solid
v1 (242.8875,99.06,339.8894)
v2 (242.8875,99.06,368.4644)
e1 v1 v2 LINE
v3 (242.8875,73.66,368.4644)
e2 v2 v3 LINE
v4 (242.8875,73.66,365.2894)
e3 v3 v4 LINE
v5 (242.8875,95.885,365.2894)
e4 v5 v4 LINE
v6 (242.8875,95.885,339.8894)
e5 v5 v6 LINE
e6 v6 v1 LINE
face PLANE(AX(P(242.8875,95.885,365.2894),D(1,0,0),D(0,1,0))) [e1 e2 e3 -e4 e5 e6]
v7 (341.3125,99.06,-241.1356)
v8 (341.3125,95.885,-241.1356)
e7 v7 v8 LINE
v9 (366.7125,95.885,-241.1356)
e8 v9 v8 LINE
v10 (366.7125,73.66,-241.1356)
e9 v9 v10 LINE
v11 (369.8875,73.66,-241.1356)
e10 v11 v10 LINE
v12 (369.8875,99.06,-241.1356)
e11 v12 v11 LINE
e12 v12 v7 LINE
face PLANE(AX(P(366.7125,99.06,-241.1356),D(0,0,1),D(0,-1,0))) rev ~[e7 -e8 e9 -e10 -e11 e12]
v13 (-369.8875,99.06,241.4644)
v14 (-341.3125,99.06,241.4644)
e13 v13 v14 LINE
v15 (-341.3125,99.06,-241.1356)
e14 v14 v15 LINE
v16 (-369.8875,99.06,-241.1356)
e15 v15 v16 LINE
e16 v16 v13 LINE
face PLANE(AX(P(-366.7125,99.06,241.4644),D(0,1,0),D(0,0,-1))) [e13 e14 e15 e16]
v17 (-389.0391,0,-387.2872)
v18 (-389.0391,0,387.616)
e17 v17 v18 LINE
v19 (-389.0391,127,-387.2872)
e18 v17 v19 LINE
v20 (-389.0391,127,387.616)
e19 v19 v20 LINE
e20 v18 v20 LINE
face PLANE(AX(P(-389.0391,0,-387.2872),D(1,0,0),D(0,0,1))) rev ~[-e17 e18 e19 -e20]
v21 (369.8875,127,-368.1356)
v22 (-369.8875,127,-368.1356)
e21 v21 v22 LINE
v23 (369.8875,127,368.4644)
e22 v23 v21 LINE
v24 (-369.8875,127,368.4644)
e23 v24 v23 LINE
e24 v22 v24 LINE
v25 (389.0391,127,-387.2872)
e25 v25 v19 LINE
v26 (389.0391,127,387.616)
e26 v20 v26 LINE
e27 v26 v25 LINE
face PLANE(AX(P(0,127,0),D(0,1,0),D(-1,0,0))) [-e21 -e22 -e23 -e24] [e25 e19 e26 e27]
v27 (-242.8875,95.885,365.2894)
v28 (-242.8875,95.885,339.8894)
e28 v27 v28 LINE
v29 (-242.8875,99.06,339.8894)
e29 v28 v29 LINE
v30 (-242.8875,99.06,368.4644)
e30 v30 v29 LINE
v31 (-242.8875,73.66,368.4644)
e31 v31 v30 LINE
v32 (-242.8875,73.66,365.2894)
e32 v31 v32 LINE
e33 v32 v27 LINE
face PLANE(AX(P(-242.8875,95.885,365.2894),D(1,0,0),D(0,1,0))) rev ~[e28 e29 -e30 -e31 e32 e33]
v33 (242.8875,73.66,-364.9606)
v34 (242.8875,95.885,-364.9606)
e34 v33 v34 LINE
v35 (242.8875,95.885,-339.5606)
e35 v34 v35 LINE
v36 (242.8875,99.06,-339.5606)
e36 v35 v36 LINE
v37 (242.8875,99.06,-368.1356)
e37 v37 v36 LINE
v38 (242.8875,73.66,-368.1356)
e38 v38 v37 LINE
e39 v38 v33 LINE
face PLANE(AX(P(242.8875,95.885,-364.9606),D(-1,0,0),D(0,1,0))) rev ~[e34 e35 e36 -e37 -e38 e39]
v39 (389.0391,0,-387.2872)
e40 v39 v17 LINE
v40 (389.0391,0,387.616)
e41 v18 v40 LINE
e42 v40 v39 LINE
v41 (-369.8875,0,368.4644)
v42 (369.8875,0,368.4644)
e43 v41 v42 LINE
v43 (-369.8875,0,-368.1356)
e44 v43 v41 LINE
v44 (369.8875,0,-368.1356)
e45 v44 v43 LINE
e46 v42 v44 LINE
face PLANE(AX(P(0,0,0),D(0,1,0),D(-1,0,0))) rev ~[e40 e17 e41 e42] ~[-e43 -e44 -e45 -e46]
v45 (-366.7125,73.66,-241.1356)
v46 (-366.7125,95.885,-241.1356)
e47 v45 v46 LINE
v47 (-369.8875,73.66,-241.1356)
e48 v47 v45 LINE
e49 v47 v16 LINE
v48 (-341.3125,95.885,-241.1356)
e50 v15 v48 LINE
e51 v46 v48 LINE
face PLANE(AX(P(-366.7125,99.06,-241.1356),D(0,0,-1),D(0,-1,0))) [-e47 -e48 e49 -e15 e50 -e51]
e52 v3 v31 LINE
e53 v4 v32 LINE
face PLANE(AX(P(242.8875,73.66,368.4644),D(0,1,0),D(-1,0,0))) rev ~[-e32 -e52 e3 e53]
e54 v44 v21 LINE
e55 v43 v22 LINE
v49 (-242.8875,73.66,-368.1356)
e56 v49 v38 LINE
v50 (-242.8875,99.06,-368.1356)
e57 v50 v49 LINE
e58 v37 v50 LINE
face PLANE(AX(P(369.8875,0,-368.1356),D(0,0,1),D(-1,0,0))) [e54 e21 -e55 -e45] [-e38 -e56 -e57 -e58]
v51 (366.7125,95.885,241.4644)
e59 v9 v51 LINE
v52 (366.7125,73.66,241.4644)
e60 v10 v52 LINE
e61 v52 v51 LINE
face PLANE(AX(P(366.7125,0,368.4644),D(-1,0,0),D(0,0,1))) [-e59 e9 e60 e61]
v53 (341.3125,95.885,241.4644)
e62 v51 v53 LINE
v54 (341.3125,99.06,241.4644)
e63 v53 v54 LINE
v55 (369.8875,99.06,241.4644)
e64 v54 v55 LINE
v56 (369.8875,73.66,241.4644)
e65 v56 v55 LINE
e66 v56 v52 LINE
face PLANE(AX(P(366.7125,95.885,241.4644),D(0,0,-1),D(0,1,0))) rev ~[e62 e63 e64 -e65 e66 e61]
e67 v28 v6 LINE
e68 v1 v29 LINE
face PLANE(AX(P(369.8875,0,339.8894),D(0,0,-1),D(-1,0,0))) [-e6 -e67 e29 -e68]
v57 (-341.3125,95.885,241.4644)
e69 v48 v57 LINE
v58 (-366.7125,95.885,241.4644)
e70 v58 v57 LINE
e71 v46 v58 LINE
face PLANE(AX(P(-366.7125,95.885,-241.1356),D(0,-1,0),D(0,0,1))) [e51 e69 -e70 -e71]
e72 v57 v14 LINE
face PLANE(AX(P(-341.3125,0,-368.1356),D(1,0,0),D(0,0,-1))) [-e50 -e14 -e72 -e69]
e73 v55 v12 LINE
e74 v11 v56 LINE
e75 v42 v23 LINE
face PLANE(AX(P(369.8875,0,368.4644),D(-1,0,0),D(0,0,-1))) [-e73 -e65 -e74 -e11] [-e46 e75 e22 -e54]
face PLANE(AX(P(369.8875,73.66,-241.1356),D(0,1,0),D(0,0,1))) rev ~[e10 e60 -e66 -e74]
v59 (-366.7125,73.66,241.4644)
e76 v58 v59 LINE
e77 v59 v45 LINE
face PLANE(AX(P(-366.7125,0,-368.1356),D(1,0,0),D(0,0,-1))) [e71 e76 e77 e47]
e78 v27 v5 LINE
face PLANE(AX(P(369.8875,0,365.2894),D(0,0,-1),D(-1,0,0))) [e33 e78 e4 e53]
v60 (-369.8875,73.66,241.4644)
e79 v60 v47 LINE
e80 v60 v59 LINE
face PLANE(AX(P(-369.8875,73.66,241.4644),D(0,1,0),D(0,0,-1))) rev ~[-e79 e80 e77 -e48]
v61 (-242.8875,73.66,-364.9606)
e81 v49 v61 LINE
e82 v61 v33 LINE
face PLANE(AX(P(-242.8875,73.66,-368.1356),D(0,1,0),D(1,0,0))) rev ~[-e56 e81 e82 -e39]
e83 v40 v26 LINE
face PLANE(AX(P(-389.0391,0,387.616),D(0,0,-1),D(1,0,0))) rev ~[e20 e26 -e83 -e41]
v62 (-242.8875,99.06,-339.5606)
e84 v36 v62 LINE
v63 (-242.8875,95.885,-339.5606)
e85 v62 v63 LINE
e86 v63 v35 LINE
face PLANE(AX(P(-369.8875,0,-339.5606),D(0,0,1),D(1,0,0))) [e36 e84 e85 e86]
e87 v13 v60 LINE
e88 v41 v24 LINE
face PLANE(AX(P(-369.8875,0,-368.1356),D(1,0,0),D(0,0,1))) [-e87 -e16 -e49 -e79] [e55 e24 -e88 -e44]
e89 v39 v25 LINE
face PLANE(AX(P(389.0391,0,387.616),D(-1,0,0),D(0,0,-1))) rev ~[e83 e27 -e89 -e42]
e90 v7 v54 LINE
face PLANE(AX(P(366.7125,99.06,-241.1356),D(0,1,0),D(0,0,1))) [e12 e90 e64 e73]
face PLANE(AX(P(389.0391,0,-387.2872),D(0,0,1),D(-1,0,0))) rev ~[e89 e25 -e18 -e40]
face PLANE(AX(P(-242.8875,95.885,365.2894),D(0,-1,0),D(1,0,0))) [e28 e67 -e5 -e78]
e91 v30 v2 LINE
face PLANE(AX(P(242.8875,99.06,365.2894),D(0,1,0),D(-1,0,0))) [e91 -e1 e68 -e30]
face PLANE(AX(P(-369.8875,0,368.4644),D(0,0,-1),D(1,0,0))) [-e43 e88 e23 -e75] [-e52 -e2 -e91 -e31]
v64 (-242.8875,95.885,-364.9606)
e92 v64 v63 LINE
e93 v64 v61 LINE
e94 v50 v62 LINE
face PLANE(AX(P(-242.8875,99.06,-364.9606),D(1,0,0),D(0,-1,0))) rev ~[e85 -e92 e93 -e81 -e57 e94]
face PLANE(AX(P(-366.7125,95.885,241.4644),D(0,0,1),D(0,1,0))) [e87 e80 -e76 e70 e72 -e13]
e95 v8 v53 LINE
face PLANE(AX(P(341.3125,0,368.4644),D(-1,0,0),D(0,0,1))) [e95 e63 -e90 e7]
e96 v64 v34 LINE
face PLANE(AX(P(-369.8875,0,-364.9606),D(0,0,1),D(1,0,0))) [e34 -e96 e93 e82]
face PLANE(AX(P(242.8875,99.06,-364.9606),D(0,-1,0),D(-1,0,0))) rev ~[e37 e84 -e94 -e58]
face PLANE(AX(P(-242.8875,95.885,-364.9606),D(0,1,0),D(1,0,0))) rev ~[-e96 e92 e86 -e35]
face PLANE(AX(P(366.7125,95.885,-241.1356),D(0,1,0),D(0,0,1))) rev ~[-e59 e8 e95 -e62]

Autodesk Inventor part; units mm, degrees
ref_plane "YZ Plane" through (0, 0, 0) normal (1, 0, 0) x (0, 1, 0)
ref_plane "XZ Plane" through (0, 0, 0) normal (0, 1, 0) x (-1, 0, 0)
ref_plane "XY Plane" through (0, 0, 0) normal (0, 0, 1) x (1, 0, 0)
sketch "Sketch15" plane through (0, 0, 0) normal (0, 1, 0) x (-1, 0, 0)
  line L0 (-369.8875, -368.1356) -> (369.8875, -368.1356)
  line L1 (369.8875, -368.1356) -> (369.8875, 368.4644)
  line L2 (369.8875, 368.4644) -> (-369.8875, 368.4644)
  line L3 (-369.8875, 368.4644) -> (-369.8875, -368.1356)
  line L4 (-389.0391, -387.2872) -> (389.0391, -387.2872)
  line L5 (389.0391, -387.2872) -> (389.0391, 387.616)
  line L6 (389.0391, 387.616) -> (-389.0391, 387.616)
  line L7 (-389.0391, 387.616) -> (-389.0391, -387.2872)
  dimension "d84" = 736.6
  dimension "d85" = 739.775
  dimension "d86" = 19.1516
  dimension "d87" = 19.1516
  dimension "d88" = 19.1516
  dimension "d89" = 19.1516
extrude "Extrusion12" add sketch "Sketch15" along normal blind 127
sketch "Sketch16" plane through (-369.8875, 0, -368.1356) normal (1, 0, 0) x (0, 0, -1)
  line L0 (-609.6, 73.66) -> (-127, 73.66)
  line L1 (-127, 73.66) -> (-127, 99.06)
  line L2 (-127, 99.06) -> (-609.6, 99.06)
  line L3 (-609.6, 99.06) -> (-609.6, 73.66)
  line L4 (-736.6, 0) -> (-736.6, 127) projected
  line L5 (0, 0) -> (0, 127) projected
  line L6 (0, 0) -> (-736.6, 0) projected
  point P0 (-368.1356, 0)
  dimension "d92" = 127
  dimension "d93" = 127
  dimension "d94" = 73.66
  dimension "d95" = 25.4
sketch "Sketch17" plane through (-369.8875, 0, -368.1356) normal (0, 0, 1) x (1, 0, 0)
  line L0 (127, 73.66) -> (612.775, 73.66)
  line L1 (612.775, 73.66) -> (612.775, 99.06)
  line L2 (612.775, 99.06) -> (127, 99.06)
  line L3 (127, 99.06) -> (127, 73.66)
  line L4 (0, 0) -> (0, 127) projected
  line L5 (739.775, 0) -> (739.775, 127) projected
  line L6 (739.775, 0) -> (0, 0) projected
  point P0 (369.8875, 0)
  dimension "d96" = 127
  dimension "d97" = 127
  dimension "d98" = 25.4
  dimension "d99" = 73.66
sketch "Sketch18" plane through (369.8875, 0, 368.4644) normal (-1, 0, 0) x (0, 0, 1)
  line L0 (-609.6, 73.66) -> (-127, 73.66)
  line L1 (-127, 73.66) -> (-127, 99.06)
  line L2 (-127, 99.06) -> (-609.6, 99.06)
  line L3 (-609.6, 99.06) -> (-609.6, 73.66)
  line L4 (-736.6, 0) -> (-736.6, 127) projected
  line L5 (0, 0) -> (0, 127) projected
  line L6 (0, 0) -> (-736.6, 0) projected
  point P0 (-368.4644, 0)
  dimension "d100" = 127
  dimension "d101" = 127
  dimension "d102" = 25.4
  dimension "d103" = 73.66
sketch "Sketch19" plane through (369.8875, 0, 368.4644) normal (0, 0, -1) x (-1, 0, 0)
  line L0 (127, 73.66) -> (612.775, 73.66)
  line L1 (612.775, 73.66) -> (612.775, 99.06)
  line L2 (612.775, 99.06) -> (127, 99.06)
  line L3 (127, 99.06) -> (127, 73.66)
  line L4 (739.775, 0) -> (739.775, 127) projected
  line L5 (739.775, 0) -> (0, 0) projected
  point P0 (369.8875, 0)
  point P1 (0, 127)
  dimension "d104" = 127
  dimension "d105" = 127
  dimension "d106" = 25.4
  dimension "d107" = 73.66
extrude "Extrusion13" add sketch "Sketch19" along normal blind 3.175
extrude "Extrusion14" add sketch "Sketch16" along normal blind 3.175
extrude "Extrusion15" add sketch "Sketch18" along normal blind 3.175
extrude "Extrusion16" add sketch "Sketch17" along normal blind 3.175
sketch "Sketch20" plane through (-369.8875, 0, -364.9606) normal (0, 0, 1) x (1, 0, 0)
  line L0 (612.775, 99.06) -> (127, 99.06) projected
  line L1 (127, 99.06) -> (127, 73.66) projected
  line L2 (612.775, 99.06) -> (127, 99.06)
  line L3 (127, 99.06) -> (127, 95.885)
  line L4 (127, 95.885) -> (612.775, 95.885)
  line L5 (612.775, 95.885) -> (612.775, 99.06)
  point P0 (369.8875, 0)
  dimension "d116" = 3.175
extrude "Extrusion17" add sketch "Sketch20" along normal blind 25.4
sketch "Sketch21" plane through (366.7125, 0, 368.4644) normal (-1, 0, 0) x (0, 0, 1)
  line L0 (-609.6, 99.06) -> (-127, 99.06) projected
  line L1 (-609.6, 99.06) -> (-609.6, 73.66) projected
  line L2 (-127, 99.06) -> (-609.6, 99.06)
  line L3 (-609.6, 99.06) -> (-609.6, 95.885)
  line L4 (-609.6, 95.885) -> (-127, 95.885)
  line L5 (-127, 95.885) -> (-127, 99.06)
  point P0 (-368.4644, 0)
  dimension "d119" = 3.175
sketch "Sketch22" plane through (369.8875, 0, 365.2894) normal (0, 0, -1) x (-1, 0, 0)
  line L0 (612.775, 73.66) -> (612.775, 99.06) projected
  line L1 (127, 99.06) -> (612.775, 99.06)
  line L2 (612.775, 99.06) -> (612.775, 95.885)
  line L3 (612.775, 95.885) -> (127, 95.885)
  line L4 (127, 95.885) -> (127, 99.06)
  point P0 (369.8875, 0)
  dimension "d120" = 3.175
extrude "Extrusion18" add sketch "Sketch22" along normal blind 25.4
extrude "Extrusion19" add sketch "Sketch21" along normal blind 25.4
sketch "Sketch23" plane through (-366.7125, 0, -368.1356) normal (1, 0, 0) x (0, 0, -1)
  line L0 (-609.6, 99.06) -> (-127, 99.06) projected
  line L1 (-127, 99.06) -> (-127, 73.66) projected
  line L2 (-609.6, 99.06) -> (-127, 99.06)
  line L3 (-127, 99.06) -> (-127, 95.885)
  line L4 (-127, 95.885) -> (-609.6, 95.885)
  line L5 (-609.6, 95.885) -> (-609.6, 99.06)
  point P0 (-368.1356, 0)
  dimension "d125" = 3.175
extrude "Extrusion20" add sketch "Sketch23" along normal blind 25.4
equation "\"d87\" = d86"
equation "\"d88\" = d86"
equation "\"d89\" = d86"
equation "\"d93\" = d92"
equation "\"d96\" = d92"
equation "\"d97\" = d92"
equation "\"d100\" = d92"
equation "\"d101\" = d92"
equation "\"d104\" = d92"
equation "\"d105\" = d92"
equation "\"d119\" = d116"
equation "\"d120\" = d116"
equation "\"d125\" = d116"
properties part number "Bumper"
